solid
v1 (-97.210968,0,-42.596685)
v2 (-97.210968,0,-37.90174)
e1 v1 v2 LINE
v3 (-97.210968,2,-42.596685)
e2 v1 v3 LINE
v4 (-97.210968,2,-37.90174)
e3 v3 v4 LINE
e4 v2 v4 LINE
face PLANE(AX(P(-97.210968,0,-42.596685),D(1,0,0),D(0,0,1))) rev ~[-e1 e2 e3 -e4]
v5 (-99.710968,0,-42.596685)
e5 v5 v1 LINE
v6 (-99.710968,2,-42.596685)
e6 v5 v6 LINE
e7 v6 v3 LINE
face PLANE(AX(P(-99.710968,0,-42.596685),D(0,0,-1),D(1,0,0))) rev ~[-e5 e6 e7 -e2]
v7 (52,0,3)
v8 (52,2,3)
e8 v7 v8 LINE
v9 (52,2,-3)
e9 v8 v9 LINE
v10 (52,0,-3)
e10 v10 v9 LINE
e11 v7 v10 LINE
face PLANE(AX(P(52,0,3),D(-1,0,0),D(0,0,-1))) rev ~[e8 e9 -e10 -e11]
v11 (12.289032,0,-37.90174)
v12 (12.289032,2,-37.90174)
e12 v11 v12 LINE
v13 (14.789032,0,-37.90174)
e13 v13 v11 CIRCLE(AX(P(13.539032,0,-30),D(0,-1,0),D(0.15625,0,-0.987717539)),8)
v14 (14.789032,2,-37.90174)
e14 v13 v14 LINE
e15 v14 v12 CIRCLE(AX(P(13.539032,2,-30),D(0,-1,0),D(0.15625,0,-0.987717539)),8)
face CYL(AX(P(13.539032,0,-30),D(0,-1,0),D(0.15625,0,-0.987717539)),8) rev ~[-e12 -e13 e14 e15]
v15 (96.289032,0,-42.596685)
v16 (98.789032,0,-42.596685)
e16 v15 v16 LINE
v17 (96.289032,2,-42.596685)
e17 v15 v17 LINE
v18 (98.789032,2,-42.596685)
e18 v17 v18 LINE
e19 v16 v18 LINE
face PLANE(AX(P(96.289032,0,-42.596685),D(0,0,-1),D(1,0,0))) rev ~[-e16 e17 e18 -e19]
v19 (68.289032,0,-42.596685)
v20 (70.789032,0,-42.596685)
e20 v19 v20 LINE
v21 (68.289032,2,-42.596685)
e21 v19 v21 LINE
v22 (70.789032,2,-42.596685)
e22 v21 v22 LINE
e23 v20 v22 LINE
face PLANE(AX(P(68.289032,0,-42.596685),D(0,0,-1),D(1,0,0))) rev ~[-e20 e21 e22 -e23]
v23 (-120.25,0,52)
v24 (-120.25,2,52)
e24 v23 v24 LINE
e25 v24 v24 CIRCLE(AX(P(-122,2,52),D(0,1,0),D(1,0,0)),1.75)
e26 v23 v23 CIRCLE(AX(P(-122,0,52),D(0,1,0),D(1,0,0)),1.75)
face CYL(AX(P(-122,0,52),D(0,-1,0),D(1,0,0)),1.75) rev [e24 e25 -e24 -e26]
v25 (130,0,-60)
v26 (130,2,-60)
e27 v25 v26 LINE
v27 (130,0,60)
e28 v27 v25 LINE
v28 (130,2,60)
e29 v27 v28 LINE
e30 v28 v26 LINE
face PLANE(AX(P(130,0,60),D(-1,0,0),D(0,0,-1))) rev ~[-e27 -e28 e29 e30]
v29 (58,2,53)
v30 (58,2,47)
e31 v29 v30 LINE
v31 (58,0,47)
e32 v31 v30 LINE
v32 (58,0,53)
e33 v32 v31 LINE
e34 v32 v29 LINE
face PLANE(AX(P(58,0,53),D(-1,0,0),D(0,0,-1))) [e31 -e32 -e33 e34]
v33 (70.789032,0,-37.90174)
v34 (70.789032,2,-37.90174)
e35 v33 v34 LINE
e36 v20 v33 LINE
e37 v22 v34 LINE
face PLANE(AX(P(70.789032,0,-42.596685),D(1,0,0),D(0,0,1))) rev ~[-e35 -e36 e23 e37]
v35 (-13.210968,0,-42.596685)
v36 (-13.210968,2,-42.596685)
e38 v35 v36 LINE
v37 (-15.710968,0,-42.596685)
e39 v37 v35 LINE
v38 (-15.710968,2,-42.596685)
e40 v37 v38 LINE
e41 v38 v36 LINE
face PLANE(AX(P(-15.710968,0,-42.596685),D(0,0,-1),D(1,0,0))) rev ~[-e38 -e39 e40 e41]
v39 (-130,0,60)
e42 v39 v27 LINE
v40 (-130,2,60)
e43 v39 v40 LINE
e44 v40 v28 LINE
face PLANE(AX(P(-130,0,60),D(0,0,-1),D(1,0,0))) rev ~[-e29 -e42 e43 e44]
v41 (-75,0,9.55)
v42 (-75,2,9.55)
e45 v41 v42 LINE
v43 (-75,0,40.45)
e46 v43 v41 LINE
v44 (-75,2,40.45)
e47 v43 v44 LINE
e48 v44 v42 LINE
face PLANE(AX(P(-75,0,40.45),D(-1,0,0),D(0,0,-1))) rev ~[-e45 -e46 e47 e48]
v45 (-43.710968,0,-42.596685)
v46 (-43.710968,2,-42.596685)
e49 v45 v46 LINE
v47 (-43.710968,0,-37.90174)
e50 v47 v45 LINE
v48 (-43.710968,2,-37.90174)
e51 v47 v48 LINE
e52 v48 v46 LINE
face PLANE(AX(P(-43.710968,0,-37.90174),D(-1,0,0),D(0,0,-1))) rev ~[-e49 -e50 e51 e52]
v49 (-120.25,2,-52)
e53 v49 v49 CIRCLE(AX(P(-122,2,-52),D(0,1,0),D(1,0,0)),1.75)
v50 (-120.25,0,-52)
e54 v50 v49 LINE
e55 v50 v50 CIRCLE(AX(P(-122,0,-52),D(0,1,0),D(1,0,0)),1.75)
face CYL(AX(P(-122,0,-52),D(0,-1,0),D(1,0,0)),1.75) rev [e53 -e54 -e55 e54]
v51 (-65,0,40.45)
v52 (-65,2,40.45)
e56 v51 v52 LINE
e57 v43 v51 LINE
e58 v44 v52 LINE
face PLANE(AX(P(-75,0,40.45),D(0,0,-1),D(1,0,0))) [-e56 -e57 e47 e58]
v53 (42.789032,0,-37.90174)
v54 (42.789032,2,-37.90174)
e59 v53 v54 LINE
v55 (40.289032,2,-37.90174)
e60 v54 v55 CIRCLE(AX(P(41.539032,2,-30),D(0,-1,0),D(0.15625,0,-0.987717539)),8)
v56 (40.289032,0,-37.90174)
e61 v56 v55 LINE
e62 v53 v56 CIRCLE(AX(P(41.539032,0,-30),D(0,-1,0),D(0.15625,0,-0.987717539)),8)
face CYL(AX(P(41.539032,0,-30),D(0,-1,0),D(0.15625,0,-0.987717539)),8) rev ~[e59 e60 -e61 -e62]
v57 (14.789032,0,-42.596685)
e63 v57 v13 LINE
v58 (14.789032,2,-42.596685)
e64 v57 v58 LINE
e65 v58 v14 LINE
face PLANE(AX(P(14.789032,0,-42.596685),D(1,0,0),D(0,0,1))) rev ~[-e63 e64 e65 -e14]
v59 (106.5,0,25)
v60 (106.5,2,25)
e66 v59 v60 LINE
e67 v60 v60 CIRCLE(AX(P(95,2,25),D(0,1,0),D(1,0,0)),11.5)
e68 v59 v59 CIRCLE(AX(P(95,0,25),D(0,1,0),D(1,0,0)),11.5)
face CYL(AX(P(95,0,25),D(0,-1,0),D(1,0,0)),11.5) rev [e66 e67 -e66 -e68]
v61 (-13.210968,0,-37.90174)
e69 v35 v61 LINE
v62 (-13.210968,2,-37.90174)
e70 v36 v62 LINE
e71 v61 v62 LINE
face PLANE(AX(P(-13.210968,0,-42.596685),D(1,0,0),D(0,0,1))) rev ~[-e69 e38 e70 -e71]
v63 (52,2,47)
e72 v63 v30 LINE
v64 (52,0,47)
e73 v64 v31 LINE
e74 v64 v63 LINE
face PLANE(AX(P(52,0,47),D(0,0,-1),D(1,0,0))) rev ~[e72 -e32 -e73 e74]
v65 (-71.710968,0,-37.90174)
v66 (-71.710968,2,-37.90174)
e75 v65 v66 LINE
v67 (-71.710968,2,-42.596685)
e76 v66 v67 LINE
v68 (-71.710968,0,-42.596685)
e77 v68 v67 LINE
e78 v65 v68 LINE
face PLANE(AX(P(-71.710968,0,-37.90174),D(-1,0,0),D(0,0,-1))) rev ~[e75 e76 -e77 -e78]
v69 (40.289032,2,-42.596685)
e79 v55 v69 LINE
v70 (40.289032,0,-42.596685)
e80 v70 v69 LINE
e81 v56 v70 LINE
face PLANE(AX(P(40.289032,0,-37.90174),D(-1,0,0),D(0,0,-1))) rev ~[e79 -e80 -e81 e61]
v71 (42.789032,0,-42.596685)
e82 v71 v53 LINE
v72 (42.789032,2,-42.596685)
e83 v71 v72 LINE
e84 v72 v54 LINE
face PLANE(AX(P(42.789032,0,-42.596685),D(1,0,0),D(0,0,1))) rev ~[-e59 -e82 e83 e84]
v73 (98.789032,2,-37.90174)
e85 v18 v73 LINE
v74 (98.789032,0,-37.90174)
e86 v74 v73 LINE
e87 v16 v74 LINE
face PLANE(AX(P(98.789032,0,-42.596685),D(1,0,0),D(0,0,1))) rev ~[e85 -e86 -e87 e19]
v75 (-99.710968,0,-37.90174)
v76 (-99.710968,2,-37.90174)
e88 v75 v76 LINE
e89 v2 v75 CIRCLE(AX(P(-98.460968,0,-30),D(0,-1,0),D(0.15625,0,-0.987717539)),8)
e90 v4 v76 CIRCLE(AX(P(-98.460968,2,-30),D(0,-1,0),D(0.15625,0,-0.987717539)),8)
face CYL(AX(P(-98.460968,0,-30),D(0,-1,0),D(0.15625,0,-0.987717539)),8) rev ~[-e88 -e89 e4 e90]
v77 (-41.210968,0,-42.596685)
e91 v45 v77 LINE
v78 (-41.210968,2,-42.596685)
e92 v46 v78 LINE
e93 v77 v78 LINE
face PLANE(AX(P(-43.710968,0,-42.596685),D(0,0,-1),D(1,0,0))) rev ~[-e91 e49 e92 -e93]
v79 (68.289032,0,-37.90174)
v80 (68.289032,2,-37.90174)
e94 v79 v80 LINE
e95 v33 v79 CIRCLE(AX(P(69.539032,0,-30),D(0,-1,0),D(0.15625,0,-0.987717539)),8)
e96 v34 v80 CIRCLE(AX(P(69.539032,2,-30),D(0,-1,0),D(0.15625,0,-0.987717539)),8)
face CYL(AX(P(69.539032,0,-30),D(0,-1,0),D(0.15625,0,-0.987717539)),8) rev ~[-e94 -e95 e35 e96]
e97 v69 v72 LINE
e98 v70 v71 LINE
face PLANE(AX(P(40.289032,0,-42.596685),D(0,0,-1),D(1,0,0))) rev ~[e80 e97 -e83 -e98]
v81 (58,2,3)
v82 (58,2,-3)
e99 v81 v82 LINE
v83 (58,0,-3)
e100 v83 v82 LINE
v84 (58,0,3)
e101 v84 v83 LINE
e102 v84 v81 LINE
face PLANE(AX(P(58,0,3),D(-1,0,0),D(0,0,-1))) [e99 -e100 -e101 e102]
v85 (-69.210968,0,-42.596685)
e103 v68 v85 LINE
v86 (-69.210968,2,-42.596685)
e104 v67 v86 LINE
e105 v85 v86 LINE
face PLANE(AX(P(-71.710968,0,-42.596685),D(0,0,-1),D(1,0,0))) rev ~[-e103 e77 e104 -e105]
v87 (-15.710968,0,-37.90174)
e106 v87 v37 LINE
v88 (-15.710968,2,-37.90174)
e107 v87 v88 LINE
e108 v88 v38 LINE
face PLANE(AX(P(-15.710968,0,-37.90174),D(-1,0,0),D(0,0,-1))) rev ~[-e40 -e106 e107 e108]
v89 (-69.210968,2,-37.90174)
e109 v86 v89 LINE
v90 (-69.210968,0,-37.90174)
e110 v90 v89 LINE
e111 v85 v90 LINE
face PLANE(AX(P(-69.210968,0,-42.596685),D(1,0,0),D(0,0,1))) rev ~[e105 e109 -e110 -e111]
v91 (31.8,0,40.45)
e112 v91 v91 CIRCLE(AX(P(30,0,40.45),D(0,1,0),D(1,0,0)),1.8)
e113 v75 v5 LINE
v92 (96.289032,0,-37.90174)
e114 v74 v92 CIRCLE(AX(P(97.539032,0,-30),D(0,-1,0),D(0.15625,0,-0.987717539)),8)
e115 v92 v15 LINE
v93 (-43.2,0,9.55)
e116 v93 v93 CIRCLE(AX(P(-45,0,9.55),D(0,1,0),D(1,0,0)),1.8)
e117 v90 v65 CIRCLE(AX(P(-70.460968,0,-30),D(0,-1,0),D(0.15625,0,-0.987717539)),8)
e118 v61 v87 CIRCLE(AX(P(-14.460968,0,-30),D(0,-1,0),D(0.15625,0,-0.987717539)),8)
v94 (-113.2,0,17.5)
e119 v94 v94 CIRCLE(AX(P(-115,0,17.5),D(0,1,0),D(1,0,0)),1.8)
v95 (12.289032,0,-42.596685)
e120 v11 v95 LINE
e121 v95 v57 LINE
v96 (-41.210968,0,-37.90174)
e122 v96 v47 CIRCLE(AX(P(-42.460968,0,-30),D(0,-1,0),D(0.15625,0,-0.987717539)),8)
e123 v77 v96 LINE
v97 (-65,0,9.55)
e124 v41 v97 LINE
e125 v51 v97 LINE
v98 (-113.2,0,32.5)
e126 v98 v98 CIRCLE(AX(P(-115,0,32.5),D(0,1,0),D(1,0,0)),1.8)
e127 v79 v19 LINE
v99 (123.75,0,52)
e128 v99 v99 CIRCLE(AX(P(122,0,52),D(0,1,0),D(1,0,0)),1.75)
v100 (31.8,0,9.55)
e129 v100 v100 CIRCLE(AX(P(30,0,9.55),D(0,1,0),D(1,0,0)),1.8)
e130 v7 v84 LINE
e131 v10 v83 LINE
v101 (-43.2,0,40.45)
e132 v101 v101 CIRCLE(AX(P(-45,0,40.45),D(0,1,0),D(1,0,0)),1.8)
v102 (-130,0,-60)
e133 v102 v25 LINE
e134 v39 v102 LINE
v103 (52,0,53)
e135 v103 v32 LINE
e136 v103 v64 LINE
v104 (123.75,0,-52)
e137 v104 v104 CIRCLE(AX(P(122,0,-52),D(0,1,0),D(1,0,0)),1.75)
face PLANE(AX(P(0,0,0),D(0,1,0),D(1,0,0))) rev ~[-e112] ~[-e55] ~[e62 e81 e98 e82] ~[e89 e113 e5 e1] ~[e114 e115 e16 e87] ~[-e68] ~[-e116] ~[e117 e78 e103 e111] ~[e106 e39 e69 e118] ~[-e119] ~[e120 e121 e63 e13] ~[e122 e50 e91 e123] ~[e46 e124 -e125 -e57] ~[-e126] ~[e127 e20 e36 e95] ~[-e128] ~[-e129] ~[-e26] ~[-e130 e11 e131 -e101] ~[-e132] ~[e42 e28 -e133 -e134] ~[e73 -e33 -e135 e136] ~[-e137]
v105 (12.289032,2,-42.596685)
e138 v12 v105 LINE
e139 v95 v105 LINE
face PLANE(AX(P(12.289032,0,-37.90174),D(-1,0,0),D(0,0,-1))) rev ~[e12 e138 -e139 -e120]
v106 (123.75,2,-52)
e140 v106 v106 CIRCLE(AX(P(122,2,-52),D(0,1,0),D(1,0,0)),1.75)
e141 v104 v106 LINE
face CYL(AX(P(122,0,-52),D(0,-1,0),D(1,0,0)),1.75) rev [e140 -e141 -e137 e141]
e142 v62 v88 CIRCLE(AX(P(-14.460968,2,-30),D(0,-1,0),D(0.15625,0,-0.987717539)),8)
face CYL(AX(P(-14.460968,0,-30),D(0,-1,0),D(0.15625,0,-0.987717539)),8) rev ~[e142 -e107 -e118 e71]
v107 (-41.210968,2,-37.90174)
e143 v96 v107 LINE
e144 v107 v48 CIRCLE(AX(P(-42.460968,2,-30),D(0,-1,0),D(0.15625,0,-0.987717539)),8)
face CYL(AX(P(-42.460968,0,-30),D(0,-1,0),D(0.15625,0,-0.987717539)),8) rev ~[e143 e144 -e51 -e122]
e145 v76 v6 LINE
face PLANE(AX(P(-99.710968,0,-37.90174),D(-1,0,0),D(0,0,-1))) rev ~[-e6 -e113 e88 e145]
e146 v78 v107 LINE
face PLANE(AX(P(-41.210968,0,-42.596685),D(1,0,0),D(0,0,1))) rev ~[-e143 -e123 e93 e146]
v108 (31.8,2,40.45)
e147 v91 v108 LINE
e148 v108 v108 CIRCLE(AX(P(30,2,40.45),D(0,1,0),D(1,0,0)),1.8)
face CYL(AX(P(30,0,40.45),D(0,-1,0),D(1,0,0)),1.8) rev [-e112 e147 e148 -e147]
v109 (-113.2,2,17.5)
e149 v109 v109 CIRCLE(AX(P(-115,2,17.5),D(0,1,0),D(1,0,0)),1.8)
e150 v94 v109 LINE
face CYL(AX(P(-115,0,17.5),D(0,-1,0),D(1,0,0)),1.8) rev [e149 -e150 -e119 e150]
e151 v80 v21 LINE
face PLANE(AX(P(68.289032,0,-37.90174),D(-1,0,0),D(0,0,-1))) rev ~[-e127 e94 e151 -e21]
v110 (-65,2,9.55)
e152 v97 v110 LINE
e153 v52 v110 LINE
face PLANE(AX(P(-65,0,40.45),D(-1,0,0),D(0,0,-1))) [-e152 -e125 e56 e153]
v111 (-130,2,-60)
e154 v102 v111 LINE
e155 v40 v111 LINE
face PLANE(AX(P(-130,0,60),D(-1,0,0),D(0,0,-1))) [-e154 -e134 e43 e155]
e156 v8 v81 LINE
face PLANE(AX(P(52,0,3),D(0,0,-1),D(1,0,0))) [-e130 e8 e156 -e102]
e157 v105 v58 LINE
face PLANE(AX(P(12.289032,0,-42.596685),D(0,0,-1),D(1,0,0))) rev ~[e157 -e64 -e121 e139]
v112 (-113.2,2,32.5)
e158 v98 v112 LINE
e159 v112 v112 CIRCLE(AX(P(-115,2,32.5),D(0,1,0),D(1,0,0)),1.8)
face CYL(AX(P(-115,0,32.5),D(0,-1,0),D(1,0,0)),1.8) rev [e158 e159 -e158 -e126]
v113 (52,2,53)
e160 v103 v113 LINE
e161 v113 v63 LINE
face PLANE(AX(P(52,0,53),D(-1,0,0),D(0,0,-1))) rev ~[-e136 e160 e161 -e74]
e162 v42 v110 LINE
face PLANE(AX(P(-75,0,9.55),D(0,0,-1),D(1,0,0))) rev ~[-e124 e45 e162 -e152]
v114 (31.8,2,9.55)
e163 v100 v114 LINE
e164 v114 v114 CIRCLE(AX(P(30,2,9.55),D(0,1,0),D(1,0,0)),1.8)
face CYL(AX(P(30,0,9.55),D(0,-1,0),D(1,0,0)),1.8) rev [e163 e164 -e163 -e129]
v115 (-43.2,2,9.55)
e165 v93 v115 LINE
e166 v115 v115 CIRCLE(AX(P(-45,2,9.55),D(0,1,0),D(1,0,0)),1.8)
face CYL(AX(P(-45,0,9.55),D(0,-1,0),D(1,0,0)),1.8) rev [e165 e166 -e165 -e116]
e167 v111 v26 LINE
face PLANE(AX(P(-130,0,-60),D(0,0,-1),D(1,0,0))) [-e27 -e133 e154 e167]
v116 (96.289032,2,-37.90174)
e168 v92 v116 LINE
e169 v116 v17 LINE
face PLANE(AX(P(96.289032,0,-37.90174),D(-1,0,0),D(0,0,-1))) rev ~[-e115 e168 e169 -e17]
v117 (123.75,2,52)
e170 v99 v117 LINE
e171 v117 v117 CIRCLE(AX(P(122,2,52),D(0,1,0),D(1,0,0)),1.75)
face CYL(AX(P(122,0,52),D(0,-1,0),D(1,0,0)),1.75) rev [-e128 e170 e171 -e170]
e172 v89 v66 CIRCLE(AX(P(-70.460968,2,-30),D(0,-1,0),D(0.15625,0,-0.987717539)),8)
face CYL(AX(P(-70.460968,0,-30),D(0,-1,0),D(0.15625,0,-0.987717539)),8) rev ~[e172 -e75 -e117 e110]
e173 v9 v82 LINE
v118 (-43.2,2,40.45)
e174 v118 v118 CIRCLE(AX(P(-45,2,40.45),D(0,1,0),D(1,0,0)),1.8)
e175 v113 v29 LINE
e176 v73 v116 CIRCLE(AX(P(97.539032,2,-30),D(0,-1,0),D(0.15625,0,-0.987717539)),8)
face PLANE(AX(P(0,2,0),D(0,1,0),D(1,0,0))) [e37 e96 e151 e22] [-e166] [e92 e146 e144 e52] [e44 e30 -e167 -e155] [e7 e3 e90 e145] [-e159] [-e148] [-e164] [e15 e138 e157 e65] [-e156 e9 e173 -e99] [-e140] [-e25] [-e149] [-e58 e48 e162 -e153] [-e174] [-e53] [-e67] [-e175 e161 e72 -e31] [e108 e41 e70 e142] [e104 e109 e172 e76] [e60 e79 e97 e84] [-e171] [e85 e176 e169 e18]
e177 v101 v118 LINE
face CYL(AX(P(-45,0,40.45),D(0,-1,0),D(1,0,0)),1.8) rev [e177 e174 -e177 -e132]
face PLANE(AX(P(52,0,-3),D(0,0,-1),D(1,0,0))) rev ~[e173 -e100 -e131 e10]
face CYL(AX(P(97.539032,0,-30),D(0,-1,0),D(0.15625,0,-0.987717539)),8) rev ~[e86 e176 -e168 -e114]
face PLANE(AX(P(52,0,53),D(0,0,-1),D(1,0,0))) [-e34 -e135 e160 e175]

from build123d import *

# Parameters (mm, degrees)
SKETCH_1_W      = 260
SKETCH_1_H      = 120
SKETCH_1_R      = 1.8
SKETCH_1_R_2    = 11.5
SKETCH_1_R_3    = 1.75
SKETCH_1_W_2    = 10
SKETCH_1_H_2    = 30.9
SKETCH_1_W_3    = 6
SKETCH_1_H_3    = 6
EXTRUDE_1_DEPTH = 2


with BuildPart() as part:
    # 草圖1 → 填料-伸長1 (new body)
    with BuildSketch(Plane(origin=(0, 0, 0), x_dir=(1, 0, 0), z_dir=(0, 1, 0))):
        Rectangle(SKETCH_1_W, SKETCH_1_H)
        with Locations((-45, -9.55)):
            Circle(SKETCH_1_R, mode=Mode.SUBTRACT)
        with Locations((-45, -40.45)):
            Circle(SKETCH_1_R, mode=Mode.SUBTRACT)
        with Locations((30, -9.55)):
            Circle(SKETCH_1_R, mode=Mode.SUBTRACT)
        with Locations((30, -40.45)):
            Circle(SKETCH_1_R, mode=Mode.SUBTRACT)
        with Locations((95, -25)):
            Circle(SKETCH_1_R_2, mode=Mode.SUBTRACT)
        with Locations((-122, 52)):
            Circle(SKETCH_1_R_3, mode=Mode.SUBTRACT)
        with Locations((-122, -52)):
            Circle(SKETCH_1_R_3, mode=Mode.SUBTRACT)
        with Locations((122, 52)):
            Circle(SKETCH_1_R_3, mode=Mode.SUBTRACT)
        with Locations((122, -52)):
            Circle(SKETCH_1_R_3, mode=Mode.SUBTRACT)
        with Locations((-115, -17.5)):
            Circle(SKETCH_1_R, mode=Mode.SUBTRACT)
        with Locations((-115, -32.5)):
            Circle(SKETCH_1_R, mode=Mode.SUBTRACT)
        with Locations((-70, -25)):
            Rectangle(SKETCH_1_W_2, SKETCH_1_H_2, mode=Mode.SUBTRACT)
        with Locations((55, -50)):
            Rectangle(SKETCH_1_W_3, SKETCH_1_H_3, mode=Mode.SUBTRACT)
        with Locations((55, 0)):
            Rectangle(SKETCH_1_W_3, SKETCH_1_H_3, mode=Mode.SUBTRACT)
        with BuildLine():
            Line((-71.710967932, 42.596685205), (-69.210967932, 42.596685205))
            Line((-69.210967932, 42.596685205), (-69.210967932, 37.901740315))
            ThreePointArc((-69.210967932, 37.901740315), (-70.460967932, 22), (-71.710967932, 37.901740315))
            Line((-71.710967932, 37.901740315), (-71.710967932, 42.596685205))
        make_face(mode=Mode.SUBTRACT)
        with BuildLine():
            Line((-99.710967932, 42.596685205), (-97.210967932, 42.596685205))
            Line((-97.210967932, 42.596685205), (-97.210967932, 37.901740315))
            ThreePointArc((-97.210967932, 37.901740315), (-98.460967932, 22), (-99.710967932, 37.901740315))
            Line((-99.710967932, 37.901740315), (-99.710967932, 42.596685205))
        make_face(mode=Mode.SUBTRACT)
        with BuildLine():
            Line((-43.710967932, 42.596685205), (-41.210967932, 42.596685205))
            Line((-41.210967932, 42.596685205), (-41.210967932, 37.901740315))
            ThreePointArc((-41.210967932, 37.901740315), (-42.460967932, 22), (-43.710967932, 37.901740315))
            Line((-43.710967932, 37.901740315), (-43.710967932, 42.596685205))
        make_face(mode=Mode.SUBTRACT)
        with BuildLine():
            Line((-15.710967932, 42.596685205), (-13.210967932, 42.596685205))
            Line((-13.210967932, 42.596685205), (-13.210967932, 37.901740315))
            ThreePointArc((-13.210967932, 37.901740315), (-14.460967932, 22), (-15.710967932, 37.901740315))
            Line((-15.710967932, 37.901740315), (-15.710967932, 42.596685205))
        make_face(mode=Mode.SUBTRACT)
        with BuildLine():
            Line((12.289032068, 42.596685205), (14.789032068, 42.596685205))
            Line((14.789032068, 42.596685205), (14.789032068, 37.901740315))
            ThreePointArc((14.789032068, 37.901740315), (13.539032068, 22), (12.289032068, 37.901740315))
            Line((12.289032068, 37.901740315), (12.289032068, 42.596685205))
        make_face(mode=Mode.SUBTRACT)
        with BuildLine():
            Line((40.289032068, 42.596685205), (42.789032068, 42.596685205))
            Line((42.789032068, 42.596685205), (42.789032068, 37.901740315))
            ThreePointArc((42.789032068, 37.901740315), (41.539032068, 22), (40.289032068, 37.901740315))
            Line((40.289032068, 37.901740315), (40.289032068, 42.596685205))
        make_face(mode=Mode.SUBTRACT)
        with BuildLine():
            Line((68.289032068, 42.596685205), (70.789032068, 42.596685205))
            Line((70.789032068, 42.596685205), (70.789032068, 37.901740315))
            ThreePointArc((70.789032068, 37.901740315), (69.539032068, 22), (68.289032068, 37.901740315))
            Line((68.289032068, 37.901740315), (68.289032068, 42.596685205))
        make_face(mode=Mode.SUBTRACT)
        with BuildLine():
            Line((96.289032068, 42.596685205), (98.789032068, 42.596685205))
            Line((98.789032068, 42.596685205), (98.789032068, 37.901740315))
            ThreePointArc((98.789032068, 37.901740315), (97.539032068, 22), (96.289032068, 37.901740315))
            Line((96.289032068, 37.901740315), (96.289032068, 42.596685205))
        make_face(mode=Mode.SUBTRACT)
    extrude(amount=EXTRUDE_1_DEPTH)


solid = part.part
